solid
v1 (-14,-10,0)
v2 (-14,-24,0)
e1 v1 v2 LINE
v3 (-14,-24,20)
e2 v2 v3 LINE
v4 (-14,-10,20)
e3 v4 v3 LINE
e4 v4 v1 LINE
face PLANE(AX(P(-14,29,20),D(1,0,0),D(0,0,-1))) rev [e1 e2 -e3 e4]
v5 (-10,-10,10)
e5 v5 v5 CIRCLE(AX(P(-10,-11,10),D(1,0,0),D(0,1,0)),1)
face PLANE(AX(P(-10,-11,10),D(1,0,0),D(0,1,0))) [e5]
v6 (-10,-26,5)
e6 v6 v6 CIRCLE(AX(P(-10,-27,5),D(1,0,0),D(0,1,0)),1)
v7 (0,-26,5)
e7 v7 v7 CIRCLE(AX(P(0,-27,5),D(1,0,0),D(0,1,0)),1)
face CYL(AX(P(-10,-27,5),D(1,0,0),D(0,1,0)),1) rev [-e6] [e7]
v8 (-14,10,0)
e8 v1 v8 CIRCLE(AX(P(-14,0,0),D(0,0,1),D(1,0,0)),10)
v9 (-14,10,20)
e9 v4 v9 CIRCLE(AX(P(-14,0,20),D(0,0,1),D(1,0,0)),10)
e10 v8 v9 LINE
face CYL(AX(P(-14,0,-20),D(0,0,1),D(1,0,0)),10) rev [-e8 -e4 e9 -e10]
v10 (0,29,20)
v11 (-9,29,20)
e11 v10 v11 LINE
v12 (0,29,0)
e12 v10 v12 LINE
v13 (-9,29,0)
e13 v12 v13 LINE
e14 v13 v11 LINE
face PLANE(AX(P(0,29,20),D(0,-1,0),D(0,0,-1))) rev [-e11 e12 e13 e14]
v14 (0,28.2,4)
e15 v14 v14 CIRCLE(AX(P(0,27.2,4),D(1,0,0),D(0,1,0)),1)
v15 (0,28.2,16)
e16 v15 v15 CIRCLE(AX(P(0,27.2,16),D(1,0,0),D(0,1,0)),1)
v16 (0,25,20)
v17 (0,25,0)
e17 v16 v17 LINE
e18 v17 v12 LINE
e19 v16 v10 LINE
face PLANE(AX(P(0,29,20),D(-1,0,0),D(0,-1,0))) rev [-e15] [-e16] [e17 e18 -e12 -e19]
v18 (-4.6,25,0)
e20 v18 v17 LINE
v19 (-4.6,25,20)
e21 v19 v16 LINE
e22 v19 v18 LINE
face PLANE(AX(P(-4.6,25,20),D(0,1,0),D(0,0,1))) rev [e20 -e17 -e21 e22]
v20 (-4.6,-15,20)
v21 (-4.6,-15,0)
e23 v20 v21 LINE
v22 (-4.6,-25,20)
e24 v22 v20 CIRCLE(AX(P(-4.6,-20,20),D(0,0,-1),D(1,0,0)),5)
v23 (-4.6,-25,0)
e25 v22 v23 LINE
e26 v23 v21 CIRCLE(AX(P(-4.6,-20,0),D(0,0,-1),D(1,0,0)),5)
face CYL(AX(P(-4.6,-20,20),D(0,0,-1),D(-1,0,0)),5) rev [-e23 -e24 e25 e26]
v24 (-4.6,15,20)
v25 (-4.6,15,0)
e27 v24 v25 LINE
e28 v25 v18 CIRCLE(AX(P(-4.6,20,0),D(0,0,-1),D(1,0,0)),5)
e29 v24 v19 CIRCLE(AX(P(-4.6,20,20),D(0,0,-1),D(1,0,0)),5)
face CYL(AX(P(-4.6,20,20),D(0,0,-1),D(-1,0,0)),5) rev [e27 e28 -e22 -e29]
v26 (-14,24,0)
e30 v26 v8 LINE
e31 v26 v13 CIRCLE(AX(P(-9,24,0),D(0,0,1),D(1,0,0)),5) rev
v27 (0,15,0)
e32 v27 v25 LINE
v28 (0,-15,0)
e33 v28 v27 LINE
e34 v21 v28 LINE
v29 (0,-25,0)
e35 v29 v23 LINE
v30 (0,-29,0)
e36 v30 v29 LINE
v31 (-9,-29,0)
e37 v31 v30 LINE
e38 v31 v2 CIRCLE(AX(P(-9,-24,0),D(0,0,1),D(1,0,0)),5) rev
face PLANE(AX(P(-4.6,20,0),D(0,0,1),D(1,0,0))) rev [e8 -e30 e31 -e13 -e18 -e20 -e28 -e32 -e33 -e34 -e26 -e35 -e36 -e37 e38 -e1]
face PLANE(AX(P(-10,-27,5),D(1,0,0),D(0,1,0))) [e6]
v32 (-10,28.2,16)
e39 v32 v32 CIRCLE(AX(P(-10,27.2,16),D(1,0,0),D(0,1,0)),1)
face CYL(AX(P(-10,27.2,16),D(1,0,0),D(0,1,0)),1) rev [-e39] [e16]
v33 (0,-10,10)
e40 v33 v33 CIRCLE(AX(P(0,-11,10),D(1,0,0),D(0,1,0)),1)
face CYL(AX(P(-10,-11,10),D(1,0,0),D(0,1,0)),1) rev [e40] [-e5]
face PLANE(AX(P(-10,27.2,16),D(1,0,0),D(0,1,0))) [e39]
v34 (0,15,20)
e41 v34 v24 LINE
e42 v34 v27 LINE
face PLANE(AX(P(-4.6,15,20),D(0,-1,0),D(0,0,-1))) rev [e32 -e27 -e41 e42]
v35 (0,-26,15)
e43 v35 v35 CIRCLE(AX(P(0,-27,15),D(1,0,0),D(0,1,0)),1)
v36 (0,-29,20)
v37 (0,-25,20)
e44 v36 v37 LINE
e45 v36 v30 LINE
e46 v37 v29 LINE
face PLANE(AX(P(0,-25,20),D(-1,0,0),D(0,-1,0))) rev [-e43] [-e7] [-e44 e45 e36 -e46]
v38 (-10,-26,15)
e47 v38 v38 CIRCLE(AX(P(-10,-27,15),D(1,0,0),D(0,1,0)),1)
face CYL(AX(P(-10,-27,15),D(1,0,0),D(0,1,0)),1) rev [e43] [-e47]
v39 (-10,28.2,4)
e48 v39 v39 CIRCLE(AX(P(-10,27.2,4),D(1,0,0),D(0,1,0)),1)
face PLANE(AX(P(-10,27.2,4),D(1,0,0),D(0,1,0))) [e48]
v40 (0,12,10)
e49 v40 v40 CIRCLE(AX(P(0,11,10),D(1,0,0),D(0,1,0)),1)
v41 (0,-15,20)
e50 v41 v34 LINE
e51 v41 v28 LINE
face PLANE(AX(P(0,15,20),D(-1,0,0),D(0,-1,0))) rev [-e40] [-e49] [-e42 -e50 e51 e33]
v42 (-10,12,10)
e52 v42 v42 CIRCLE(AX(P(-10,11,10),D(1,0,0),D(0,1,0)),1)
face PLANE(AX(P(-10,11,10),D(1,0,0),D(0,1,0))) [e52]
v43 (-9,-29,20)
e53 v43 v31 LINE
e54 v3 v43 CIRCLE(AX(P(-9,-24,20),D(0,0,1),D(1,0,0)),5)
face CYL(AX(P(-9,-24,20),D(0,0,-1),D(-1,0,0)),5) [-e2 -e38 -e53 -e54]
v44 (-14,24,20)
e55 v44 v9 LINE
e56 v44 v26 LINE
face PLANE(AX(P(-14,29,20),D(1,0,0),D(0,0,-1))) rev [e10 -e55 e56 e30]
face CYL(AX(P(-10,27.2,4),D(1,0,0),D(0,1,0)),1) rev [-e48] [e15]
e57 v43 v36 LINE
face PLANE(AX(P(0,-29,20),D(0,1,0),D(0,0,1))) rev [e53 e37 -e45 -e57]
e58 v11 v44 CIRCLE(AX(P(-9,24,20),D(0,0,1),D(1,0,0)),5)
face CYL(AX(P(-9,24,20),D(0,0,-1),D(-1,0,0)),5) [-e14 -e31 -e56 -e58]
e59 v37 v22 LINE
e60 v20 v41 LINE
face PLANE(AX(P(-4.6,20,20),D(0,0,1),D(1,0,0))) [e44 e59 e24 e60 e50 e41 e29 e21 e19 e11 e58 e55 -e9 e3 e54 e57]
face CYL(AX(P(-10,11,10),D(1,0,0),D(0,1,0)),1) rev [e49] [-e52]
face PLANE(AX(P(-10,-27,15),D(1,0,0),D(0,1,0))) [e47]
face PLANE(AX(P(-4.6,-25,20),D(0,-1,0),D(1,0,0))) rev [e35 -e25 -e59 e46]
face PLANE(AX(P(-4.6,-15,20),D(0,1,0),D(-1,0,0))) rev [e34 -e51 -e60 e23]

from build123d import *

# Parameters (mm, degrees)
EXTRUDE_1_DEPTH     = 20
FILLET_1_R          = 5
SKETCH_2_R          = 1
CUT_EXTRUDE_1_DEPTH = 10
SKETCH_3_R          = 10
CUT_EXTRUDE_2_DEPTH = 40


with BuildPart() as part:
    # 草图1 → 凸台-拉伸1 (new body)
    with BuildSketch(Plane.XY):
        with BuildLine():
            Line((0, 29), (0, 25))
            Line((0, 25), (-4.6, 25))
            ThreePointArc((-4.6, 25), (-9.6, 20), (-4.6, 15))
            Line((-4.6, 15), (0, 15))
            Line((0, 15), (0, -15))
            Line((0, -15), (-4.6, -15))
            ThreePointArc((-4.6, -15), (-9.6, -20), (-4.6, -25))
            Line((-4.6, -25), (0, -25))
            Line((0, -25), (0, -29))
            Line((0, -29), (-14, -29))
            Line((-14, -29), (-14, 29))
            Line((-14, 29), (0, 29))
        make_face()
    extrude(amount=EXTRUDE_1_DEPTH)

    # 圆角1
    fillet_1_edges = [part.edges().sort_by_distance(p)[0] for p in [
        (-14, -29, 10),
        (-14, 29, 10),
    ]]
    fillet(fillet_1_edges, radius=FILLET_1_R)

    # 草图2 → 切除-拉伸1 (cut)
    with BuildSketch(Plane(origin=(0, 0, 0), x_dir=(0, 0, -1), z_dir=(1, 0, 0))):
        with Locations((-16, 27.2)):
            Circle(SKETCH_2_R)
        with Locations((-4, 27.2)):
            Circle(SKETCH_2_R)
        with Locations((-10, 11)):
            Circle(SKETCH_2_R)
        with Locations((-10, -11)):
            Circle(SKETCH_2_R)
        with Locations((-15, -27)):
            Circle(SKETCH_2_R)
        with Locations((-5, -27)):
            Circle(SKETCH_2_R)
    extrude(amount=-CUT_EXTRUDE_1_DEPTH, mode=Mode.SUBTRACT)

    # 草图3 → 切除-拉伸2 (cut)
    with BuildSketch(Plane.XY.offset(20)):
        with Locations((-14, 0)):
            Circle(SKETCH_3_R)
    extrude(amount=-CUT_EXTRUDE_2_DEPTH, mode=Mode.SUBTRACT)


solid = part.part
